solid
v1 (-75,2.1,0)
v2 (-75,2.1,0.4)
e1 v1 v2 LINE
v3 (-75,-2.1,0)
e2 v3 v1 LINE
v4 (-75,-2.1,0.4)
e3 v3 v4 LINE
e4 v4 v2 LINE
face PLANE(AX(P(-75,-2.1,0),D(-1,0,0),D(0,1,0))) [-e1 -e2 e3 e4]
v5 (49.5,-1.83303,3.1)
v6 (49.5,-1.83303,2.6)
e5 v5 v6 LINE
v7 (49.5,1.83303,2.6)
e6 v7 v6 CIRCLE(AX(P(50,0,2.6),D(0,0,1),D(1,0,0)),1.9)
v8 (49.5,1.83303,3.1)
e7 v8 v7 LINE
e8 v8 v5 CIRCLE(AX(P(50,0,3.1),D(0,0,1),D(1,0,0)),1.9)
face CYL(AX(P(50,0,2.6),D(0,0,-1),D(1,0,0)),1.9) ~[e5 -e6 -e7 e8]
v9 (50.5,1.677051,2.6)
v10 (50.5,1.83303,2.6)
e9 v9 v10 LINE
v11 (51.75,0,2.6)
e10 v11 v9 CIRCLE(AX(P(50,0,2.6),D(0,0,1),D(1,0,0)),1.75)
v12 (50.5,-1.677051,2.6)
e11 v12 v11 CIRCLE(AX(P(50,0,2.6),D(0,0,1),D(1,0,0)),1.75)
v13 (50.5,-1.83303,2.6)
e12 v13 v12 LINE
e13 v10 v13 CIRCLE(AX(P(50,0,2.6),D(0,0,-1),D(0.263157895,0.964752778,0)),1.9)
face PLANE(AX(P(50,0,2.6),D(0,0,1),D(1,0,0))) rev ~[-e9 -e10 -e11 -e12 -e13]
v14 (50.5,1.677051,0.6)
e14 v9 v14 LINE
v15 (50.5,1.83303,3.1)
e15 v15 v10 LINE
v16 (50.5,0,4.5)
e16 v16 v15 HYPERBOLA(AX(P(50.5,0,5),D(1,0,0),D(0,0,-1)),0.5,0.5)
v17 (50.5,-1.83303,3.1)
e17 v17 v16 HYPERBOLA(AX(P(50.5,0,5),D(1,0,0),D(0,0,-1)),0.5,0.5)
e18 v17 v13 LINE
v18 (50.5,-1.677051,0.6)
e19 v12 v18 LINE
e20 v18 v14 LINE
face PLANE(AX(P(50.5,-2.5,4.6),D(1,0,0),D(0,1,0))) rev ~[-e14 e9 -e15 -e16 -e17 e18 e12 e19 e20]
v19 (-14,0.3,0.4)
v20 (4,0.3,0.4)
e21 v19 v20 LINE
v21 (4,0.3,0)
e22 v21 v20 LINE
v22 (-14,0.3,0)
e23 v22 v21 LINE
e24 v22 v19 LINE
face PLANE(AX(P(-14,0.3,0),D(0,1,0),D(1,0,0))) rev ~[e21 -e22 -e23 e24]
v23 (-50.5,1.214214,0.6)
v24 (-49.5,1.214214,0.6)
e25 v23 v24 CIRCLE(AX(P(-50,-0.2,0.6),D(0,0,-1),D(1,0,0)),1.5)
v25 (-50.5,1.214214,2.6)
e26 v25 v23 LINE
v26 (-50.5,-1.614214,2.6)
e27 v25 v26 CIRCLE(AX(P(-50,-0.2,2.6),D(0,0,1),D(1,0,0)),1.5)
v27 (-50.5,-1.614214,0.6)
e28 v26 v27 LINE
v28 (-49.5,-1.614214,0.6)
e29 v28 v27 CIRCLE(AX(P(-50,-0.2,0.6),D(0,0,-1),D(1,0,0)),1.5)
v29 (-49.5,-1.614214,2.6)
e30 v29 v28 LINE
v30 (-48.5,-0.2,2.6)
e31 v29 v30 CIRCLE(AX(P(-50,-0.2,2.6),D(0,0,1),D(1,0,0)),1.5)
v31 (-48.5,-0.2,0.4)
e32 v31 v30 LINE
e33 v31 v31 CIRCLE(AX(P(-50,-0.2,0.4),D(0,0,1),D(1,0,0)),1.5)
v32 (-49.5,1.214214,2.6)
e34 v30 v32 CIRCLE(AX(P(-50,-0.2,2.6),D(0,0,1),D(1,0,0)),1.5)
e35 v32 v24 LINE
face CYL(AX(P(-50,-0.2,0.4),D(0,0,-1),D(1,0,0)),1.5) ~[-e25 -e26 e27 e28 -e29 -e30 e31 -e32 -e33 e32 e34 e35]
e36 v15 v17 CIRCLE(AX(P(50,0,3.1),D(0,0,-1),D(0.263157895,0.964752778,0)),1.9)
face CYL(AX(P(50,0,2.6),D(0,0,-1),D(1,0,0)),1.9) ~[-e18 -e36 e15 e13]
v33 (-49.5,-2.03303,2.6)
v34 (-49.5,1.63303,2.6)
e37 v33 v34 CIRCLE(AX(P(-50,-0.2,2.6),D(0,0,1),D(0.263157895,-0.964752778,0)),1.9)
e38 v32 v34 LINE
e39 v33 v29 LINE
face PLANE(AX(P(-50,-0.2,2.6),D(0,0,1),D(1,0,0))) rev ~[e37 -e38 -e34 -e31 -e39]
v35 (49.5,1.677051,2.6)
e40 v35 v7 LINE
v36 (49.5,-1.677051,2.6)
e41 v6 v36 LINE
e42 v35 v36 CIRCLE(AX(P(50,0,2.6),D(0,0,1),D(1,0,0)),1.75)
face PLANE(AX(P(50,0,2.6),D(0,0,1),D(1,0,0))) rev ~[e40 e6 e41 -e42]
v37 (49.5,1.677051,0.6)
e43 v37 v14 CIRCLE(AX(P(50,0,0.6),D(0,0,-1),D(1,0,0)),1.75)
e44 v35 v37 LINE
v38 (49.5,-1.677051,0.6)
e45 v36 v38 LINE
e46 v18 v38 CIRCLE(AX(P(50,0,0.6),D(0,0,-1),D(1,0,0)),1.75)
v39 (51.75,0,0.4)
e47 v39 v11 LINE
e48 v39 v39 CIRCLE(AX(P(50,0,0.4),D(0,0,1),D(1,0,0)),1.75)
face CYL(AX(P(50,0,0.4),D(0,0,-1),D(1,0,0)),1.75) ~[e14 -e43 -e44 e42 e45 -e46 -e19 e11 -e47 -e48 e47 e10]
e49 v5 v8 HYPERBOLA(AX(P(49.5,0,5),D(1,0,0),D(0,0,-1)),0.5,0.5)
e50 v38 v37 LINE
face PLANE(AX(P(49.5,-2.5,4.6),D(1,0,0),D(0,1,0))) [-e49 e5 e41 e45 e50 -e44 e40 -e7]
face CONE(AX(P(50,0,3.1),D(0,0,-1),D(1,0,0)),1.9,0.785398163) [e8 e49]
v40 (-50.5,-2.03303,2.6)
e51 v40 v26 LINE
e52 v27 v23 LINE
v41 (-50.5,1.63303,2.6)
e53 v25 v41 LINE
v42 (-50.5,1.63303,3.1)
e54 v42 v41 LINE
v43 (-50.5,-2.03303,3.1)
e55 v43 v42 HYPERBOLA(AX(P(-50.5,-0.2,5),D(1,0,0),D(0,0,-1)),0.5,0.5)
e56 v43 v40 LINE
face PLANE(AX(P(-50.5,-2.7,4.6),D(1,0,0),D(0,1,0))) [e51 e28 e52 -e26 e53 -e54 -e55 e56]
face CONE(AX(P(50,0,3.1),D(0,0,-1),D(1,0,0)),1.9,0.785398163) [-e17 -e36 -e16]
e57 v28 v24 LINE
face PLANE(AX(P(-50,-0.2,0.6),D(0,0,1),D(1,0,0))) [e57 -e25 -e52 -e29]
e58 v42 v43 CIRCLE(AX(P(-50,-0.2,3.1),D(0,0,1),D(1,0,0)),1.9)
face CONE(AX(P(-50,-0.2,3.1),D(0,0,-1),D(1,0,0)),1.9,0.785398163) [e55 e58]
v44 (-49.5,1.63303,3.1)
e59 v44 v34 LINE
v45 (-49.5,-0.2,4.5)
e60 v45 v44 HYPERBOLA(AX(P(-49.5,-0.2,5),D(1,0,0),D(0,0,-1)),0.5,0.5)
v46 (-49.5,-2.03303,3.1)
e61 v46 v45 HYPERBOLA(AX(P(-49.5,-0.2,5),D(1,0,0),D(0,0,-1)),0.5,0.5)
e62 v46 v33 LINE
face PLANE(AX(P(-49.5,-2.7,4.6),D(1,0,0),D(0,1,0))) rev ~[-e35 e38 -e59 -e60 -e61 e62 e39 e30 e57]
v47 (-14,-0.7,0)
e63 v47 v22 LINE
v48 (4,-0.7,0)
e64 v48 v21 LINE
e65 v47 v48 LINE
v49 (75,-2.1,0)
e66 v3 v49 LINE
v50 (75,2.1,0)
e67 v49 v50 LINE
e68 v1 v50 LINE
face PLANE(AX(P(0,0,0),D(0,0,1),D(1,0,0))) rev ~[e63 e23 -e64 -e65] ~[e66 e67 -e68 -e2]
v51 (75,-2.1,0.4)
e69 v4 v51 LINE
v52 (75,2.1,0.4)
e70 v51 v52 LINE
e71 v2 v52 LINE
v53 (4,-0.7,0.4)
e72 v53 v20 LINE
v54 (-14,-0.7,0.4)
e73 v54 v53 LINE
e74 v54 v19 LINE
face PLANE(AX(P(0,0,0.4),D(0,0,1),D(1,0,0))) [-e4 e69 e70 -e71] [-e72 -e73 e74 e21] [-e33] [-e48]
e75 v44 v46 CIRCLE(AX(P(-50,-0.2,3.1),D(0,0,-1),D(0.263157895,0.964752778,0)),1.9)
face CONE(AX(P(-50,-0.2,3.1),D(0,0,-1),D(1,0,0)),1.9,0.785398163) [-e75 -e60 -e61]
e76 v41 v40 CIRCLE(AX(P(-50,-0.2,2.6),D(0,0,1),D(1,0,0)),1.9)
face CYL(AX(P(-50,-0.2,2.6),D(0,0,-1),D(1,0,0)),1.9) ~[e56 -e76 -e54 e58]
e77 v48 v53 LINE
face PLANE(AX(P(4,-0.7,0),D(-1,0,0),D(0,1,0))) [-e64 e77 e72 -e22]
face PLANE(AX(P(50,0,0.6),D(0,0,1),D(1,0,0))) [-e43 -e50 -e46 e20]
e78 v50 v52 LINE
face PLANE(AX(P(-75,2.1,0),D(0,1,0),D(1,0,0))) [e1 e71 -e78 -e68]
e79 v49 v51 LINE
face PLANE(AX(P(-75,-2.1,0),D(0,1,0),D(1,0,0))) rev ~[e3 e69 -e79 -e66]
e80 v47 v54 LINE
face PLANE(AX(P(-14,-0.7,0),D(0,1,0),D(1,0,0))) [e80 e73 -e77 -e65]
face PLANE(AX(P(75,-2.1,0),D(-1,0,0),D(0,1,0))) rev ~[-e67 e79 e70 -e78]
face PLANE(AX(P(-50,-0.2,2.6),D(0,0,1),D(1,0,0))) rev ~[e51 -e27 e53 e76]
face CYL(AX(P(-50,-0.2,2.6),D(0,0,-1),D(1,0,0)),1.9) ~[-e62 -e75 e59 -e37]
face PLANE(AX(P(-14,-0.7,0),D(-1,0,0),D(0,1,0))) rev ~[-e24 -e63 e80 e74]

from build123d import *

# Parameters (mm, degrees)
SKICA2_W                 = 150
SKICA2_H                 = 4.2
SKICA2_W_2               = 18
SKICA2_H_2               = 1
P_IDAT_VYSUNUT_M2_DEPTH  = 0.4
SKICA3_R                 = 1.5
SKICA3_R_2               = 1.75
P_IDAT_VYSUNUT_M3_DEPTH  = 2.2
SKICA5_R                 = 1.9
P_IDAT_VYSUNUT_M5_DEPTH  = 2
ZKOSEN_2_SIZE            = 1.5
SKICA7_W                 = 1
SKICA7_H                 = 5
ODEBRAT_VYSUNUT_M1_DEPTH = 4


with BuildPart() as part:
    # Skica2 → Přidat vysunutím2 (new body)
    with BuildSketch(Plane.XY):
        Rectangle(SKICA2_W, SKICA2_H)
        with Locations((-5, -0.2)):
            Rectangle(SKICA2_W_2, SKICA2_H_2, mode=Mode.SUBTRACT)
    extrude(amount=P_IDAT_VYSUNUT_M2_DEPTH)

    # Skica3 → Přidat vysunutím3 (add)
    with BuildSketch(Plane.XY.offset(0.4)):
        with Locations((-50, -0.2)):
            Circle(SKICA3_R)
        with Locations((50, 0)):
            Circle(SKICA3_R_2)
    extrude(amount=P_IDAT_VYSUNUT_M3_DEPTH)

    # Skica5 → Přidat vysunutím5 (add)
    with BuildSketch(Plane.XY.offset(2.6)):
        with Locations((-50, -0.2)):
            Circle(SKICA5_R)
        with Locations((50, 0)):
            Circle(SKICA5_R)
    extrude(amount=P_IDAT_VYSUNUT_M5_DEPTH)

    # Zkosení2
    zkosen_2_edges = [part.edges().sort_by_distance(p)[0] for p in [
        (-51.9, -0.2, 4.6),
        (48.1, 0, 4.6),
    ]]
    chamfer(zkosen_2_edges, length=ZKOSEN_2_SIZE)

    # Skica7 → Odebrat vysunutím1 (cut)
    with BuildSketch(Plane.XY.offset(4.6)):
        with Locations((-50, -0.2)):
            Rectangle(SKICA7_W, SKICA7_H)
        with Locations((50, 0)):
            Rectangle(SKICA7_W, SKICA7_H)
    extrude(amount=-ODEBRAT_VYSUNUT_M1_DEPTH, mode=Mode.SUBTRACT)


solid = part.part
